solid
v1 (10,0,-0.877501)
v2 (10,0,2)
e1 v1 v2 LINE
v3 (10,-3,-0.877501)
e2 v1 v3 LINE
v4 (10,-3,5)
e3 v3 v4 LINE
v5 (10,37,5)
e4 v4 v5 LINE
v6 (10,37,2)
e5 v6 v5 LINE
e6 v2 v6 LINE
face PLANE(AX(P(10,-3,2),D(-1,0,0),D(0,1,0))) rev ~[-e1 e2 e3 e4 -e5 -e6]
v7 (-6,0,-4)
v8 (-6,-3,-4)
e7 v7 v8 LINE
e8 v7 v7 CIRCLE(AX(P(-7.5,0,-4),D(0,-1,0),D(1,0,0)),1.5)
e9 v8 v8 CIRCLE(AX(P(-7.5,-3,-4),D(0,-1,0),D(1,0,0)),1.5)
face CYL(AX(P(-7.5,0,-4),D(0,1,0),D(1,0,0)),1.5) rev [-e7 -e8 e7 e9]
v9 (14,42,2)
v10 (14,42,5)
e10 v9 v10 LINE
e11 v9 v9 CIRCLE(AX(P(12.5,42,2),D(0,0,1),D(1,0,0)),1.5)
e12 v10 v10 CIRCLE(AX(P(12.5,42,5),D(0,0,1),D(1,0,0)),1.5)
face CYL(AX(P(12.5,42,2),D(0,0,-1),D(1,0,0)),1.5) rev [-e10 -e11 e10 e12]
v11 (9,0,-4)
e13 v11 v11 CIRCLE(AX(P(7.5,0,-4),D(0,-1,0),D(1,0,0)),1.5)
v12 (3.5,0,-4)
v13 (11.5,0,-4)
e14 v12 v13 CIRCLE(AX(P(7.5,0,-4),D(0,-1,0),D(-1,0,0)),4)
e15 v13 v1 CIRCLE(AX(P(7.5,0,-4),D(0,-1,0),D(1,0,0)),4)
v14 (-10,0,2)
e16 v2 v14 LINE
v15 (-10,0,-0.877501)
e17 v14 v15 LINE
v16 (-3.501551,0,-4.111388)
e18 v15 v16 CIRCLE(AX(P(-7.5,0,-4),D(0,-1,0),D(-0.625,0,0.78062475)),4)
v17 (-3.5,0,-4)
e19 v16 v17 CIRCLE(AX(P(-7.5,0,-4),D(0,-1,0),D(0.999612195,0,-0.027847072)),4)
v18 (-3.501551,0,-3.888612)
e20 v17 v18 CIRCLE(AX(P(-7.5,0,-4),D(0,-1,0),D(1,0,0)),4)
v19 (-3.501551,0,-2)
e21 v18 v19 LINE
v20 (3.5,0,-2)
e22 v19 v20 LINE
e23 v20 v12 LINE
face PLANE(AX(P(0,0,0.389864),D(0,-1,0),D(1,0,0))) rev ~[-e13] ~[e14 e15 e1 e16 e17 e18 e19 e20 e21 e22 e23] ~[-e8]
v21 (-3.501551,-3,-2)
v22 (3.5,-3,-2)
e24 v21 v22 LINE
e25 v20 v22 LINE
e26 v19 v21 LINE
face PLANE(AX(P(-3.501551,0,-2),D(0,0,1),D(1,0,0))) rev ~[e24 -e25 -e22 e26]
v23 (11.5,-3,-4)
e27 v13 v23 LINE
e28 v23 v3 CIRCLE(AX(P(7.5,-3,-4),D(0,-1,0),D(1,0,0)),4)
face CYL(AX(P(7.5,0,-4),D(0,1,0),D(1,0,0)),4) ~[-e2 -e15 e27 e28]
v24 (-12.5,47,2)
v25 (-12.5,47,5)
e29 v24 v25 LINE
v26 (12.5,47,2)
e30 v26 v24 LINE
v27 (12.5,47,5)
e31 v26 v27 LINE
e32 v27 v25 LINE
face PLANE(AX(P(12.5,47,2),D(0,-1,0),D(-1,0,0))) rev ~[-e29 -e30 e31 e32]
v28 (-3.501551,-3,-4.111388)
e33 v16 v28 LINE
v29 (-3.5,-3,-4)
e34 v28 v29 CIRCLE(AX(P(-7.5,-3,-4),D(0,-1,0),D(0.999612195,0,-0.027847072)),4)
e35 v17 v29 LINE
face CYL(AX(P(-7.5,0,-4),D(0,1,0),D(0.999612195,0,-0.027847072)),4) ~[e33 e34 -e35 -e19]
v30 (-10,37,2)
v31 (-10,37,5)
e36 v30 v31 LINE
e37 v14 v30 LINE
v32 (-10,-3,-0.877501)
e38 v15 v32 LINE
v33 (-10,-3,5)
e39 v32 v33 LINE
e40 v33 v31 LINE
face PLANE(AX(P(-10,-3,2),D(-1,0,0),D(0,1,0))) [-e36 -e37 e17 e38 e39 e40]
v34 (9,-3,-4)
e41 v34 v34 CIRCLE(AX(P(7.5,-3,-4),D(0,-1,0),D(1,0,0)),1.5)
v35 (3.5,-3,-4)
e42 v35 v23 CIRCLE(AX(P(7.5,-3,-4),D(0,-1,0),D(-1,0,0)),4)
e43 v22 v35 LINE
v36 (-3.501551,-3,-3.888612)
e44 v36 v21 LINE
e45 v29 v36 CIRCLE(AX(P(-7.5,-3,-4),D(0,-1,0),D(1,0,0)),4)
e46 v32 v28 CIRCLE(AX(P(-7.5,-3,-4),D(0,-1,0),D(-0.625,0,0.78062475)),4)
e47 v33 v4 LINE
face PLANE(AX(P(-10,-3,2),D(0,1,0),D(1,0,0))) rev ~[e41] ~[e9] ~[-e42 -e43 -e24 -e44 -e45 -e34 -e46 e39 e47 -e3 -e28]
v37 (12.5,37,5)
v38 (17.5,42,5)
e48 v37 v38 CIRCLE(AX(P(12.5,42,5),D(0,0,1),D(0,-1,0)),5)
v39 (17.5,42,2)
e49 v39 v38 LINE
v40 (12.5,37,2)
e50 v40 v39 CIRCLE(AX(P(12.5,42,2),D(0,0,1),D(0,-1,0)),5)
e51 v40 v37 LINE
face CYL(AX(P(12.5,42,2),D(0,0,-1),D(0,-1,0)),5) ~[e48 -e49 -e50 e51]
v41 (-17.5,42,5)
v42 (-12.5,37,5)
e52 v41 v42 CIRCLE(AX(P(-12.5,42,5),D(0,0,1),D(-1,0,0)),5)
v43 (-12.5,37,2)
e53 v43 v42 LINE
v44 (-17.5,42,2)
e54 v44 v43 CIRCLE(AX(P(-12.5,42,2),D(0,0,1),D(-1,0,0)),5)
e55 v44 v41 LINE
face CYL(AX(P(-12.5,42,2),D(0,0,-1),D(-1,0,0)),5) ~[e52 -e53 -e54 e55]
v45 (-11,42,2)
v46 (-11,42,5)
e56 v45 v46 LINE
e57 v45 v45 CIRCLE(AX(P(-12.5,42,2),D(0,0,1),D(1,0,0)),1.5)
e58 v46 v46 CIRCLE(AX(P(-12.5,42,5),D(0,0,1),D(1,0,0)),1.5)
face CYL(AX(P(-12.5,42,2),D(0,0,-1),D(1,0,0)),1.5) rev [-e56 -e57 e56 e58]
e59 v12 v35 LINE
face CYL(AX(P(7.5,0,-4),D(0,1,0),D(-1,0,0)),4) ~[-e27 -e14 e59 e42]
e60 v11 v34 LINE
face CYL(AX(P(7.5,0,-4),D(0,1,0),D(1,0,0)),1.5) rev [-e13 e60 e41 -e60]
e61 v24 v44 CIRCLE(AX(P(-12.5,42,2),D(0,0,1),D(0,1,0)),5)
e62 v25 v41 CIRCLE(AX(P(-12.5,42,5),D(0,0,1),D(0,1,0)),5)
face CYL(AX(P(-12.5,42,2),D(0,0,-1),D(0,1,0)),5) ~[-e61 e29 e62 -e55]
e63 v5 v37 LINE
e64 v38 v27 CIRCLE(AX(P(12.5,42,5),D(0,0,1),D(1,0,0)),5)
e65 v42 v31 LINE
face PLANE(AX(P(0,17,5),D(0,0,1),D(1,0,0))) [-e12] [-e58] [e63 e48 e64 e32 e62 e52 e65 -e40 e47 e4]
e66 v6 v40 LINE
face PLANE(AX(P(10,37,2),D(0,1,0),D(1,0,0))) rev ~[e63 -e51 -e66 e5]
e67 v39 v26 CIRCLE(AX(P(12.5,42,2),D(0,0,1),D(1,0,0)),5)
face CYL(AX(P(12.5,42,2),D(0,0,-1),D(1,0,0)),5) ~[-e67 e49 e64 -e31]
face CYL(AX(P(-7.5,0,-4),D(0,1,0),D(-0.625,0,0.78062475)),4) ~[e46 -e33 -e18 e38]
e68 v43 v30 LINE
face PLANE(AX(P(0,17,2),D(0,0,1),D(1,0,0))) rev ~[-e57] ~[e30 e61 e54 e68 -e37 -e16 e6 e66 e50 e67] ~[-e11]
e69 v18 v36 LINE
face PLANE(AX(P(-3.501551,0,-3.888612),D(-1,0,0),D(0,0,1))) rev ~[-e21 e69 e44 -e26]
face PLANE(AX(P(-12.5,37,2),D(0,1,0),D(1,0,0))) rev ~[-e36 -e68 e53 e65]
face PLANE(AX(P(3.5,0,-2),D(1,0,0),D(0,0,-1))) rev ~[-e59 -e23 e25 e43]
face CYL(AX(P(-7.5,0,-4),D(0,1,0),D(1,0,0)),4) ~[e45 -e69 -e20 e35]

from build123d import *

# Parameters (mm, degrees)
F0_R     = 1.5
F1_DEPTH = 3
F2_W     = 20
F2_H     = 40
F2_R     = 1.5
F2_H_2   = 10
F3_DEPTH = 3


with BuildPart() as f1:
    # F0 (on Front) → F1 (new body)
    with BuildSketch(Plane.XZ):
        with BuildLine():
            Line((10, 2), (-10, 2))
            Line((-10, 2), (-10, -0.8775010008))
            ThreePointArc((-10, -0.8775010008), (-6.7601527307, -0.0690171689), (-4.0358983849, -2))
            Line((-4.0358983849, -2), (-3.5015512196, -2))
            Line((-3.5015512196, -2), (3.5, -2))
            Line((3.5, -2), (4.0358983849, -2))
            ThreePointArc((4.0358983849, -2), (6.7601527307, -0.0690171689), (10, -0.8775010008))
            Line((10, -0.8775010008), (10, 2))
        make_face()
        with BuildLine():
            ThreePointArc((-4.0358983849, -2), (-6.7601527307, -0.0690171689), (-10, -0.8775010008))
            Line((-10, -0.8775010008), (-10, -2))
            Line((-10, -2), (-4.0358983849, -2))
        make_face()
        with BuildLine():
            Line((-10, -2), (-10, -0.8775010008))
            ThreePointArc((-10, -0.8775010008), (-9.282089766, -7.5810830856), (-3.5015512196, -4.1113882884))
            Line((-3.5015512196, -4.1113882884), (-3.5015512196, -3.8886117116))
            ThreePointArc((-3.5015512196, -3.8886117116), (-3.6510874067, -2.9110225671), (-4.0358983849, -2))
            Line((-4.0358983849, -2), (-10, -2))
        make_face()
        with Locations((-7.5, -4)):
            Circle(F0_R, mode=Mode.SUBTRACT)
        with BuildLine():
            ThreePointArc((11.5, -4), (11.1055512755, -2.2679491924), (10, -0.8775010008))
            Line((10, -0.8775010008), (10, -2))
            Line((10, -2), (4.0358983849, -2))
            ThreePointArc((4.0358983849, -2), (3.6362966948, -2.9647238196), (3.5, -4))
            ThreePointArc((3.5, -4), (7.5, -8), (11.5, -4))
        make_face()
        with Locations((7.5, -4)):
            Circle(F0_R, mode=Mode.SUBTRACT)
        with BuildLine():
            Line((10, -2), (10, -0.8775010008))
            ThreePointArc((10, -0.8775010008), (6.7601527307, -0.0690171689), (4.0358983849, -2))
            Line((4.0358983849, -2), (10, -2))
        make_face()
        with BuildLine():
            Line((-3.5015512196, -2), (-4.0358983849, -2))
            ThreePointArc((-4.0358983849, -2), (-3.6510874067, -2.9110225671), (-3.5015512196, -3.8886117116))
            Line((-3.5015512196, -3.8886117116), (-3.5015512196, -2))
        make_face()
        with BuildLine():
            Line((-3.5015512196, -3.8886117116), (-3.5015512196, -4.1113882884))
            ThreePointArc((-3.5015512196, -4.1113882884), (-3.5003878237, -4.0556995446), (-3.5, -4))
            ThreePointArc((-3.5, -4), (-3.5003878237, -3.9443004554), (-3.5015512196, -3.8886117116))
        make_face()
        with BuildLine():
            ThreePointArc((3.5, -4), (3.6362966948, -2.9647238196), (4.0358983849, -2))
            Line((4.0358983849, -2), (3.5, -2))
            Line((3.5, -2), (3.5, -4))
        make_face()
    extrude(amount=F1_DEPTH)

    # F2 (on face) → F3 (join)
    with BuildSketch(Plane.XY.offset(2)):
        with Locations((0, 17)):
            Rectangle(F2_W, F2_H)
        with BuildLine():
            Line((-12.5, 37), (-10, 37))
            Line((-10, 37), (-10, 47))
            Line((-10, 47), (-12.5, 47))
            ThreePointArc((-12.5, 47), (-16.0355339059, 45.5355339059), (-17.5, 42))
            ThreePointArc((-17.5, 42), (-16.0355339059, 38.4644660941), (-12.5, 37))
        make_face()
        with Locations((-12.5, 42)):
            Circle(F2_R, mode=Mode.SUBTRACT)
        with Locations((0, 42)):
            Rectangle(F2_W, F2_H_2)
        with BuildLine():
            Line((10, 47), (10, 37))
            Line((10, 37), (12.5, 37))
            ThreePointArc((12.5, 37), (16.0355339059, 38.4644660941), (17.5, 42))
            ThreePointArc((17.5, 42), (16.0355339059, 45.5355339059), (12.5, 47))
            Line((12.5, 47), (10, 47))
        make_face()
        with Locations((12.5, 42)):
            Circle(F2_R, mode=Mode.SUBTRACT)
    extrude(amount=F3_DEPTH)


solid = f1.part
